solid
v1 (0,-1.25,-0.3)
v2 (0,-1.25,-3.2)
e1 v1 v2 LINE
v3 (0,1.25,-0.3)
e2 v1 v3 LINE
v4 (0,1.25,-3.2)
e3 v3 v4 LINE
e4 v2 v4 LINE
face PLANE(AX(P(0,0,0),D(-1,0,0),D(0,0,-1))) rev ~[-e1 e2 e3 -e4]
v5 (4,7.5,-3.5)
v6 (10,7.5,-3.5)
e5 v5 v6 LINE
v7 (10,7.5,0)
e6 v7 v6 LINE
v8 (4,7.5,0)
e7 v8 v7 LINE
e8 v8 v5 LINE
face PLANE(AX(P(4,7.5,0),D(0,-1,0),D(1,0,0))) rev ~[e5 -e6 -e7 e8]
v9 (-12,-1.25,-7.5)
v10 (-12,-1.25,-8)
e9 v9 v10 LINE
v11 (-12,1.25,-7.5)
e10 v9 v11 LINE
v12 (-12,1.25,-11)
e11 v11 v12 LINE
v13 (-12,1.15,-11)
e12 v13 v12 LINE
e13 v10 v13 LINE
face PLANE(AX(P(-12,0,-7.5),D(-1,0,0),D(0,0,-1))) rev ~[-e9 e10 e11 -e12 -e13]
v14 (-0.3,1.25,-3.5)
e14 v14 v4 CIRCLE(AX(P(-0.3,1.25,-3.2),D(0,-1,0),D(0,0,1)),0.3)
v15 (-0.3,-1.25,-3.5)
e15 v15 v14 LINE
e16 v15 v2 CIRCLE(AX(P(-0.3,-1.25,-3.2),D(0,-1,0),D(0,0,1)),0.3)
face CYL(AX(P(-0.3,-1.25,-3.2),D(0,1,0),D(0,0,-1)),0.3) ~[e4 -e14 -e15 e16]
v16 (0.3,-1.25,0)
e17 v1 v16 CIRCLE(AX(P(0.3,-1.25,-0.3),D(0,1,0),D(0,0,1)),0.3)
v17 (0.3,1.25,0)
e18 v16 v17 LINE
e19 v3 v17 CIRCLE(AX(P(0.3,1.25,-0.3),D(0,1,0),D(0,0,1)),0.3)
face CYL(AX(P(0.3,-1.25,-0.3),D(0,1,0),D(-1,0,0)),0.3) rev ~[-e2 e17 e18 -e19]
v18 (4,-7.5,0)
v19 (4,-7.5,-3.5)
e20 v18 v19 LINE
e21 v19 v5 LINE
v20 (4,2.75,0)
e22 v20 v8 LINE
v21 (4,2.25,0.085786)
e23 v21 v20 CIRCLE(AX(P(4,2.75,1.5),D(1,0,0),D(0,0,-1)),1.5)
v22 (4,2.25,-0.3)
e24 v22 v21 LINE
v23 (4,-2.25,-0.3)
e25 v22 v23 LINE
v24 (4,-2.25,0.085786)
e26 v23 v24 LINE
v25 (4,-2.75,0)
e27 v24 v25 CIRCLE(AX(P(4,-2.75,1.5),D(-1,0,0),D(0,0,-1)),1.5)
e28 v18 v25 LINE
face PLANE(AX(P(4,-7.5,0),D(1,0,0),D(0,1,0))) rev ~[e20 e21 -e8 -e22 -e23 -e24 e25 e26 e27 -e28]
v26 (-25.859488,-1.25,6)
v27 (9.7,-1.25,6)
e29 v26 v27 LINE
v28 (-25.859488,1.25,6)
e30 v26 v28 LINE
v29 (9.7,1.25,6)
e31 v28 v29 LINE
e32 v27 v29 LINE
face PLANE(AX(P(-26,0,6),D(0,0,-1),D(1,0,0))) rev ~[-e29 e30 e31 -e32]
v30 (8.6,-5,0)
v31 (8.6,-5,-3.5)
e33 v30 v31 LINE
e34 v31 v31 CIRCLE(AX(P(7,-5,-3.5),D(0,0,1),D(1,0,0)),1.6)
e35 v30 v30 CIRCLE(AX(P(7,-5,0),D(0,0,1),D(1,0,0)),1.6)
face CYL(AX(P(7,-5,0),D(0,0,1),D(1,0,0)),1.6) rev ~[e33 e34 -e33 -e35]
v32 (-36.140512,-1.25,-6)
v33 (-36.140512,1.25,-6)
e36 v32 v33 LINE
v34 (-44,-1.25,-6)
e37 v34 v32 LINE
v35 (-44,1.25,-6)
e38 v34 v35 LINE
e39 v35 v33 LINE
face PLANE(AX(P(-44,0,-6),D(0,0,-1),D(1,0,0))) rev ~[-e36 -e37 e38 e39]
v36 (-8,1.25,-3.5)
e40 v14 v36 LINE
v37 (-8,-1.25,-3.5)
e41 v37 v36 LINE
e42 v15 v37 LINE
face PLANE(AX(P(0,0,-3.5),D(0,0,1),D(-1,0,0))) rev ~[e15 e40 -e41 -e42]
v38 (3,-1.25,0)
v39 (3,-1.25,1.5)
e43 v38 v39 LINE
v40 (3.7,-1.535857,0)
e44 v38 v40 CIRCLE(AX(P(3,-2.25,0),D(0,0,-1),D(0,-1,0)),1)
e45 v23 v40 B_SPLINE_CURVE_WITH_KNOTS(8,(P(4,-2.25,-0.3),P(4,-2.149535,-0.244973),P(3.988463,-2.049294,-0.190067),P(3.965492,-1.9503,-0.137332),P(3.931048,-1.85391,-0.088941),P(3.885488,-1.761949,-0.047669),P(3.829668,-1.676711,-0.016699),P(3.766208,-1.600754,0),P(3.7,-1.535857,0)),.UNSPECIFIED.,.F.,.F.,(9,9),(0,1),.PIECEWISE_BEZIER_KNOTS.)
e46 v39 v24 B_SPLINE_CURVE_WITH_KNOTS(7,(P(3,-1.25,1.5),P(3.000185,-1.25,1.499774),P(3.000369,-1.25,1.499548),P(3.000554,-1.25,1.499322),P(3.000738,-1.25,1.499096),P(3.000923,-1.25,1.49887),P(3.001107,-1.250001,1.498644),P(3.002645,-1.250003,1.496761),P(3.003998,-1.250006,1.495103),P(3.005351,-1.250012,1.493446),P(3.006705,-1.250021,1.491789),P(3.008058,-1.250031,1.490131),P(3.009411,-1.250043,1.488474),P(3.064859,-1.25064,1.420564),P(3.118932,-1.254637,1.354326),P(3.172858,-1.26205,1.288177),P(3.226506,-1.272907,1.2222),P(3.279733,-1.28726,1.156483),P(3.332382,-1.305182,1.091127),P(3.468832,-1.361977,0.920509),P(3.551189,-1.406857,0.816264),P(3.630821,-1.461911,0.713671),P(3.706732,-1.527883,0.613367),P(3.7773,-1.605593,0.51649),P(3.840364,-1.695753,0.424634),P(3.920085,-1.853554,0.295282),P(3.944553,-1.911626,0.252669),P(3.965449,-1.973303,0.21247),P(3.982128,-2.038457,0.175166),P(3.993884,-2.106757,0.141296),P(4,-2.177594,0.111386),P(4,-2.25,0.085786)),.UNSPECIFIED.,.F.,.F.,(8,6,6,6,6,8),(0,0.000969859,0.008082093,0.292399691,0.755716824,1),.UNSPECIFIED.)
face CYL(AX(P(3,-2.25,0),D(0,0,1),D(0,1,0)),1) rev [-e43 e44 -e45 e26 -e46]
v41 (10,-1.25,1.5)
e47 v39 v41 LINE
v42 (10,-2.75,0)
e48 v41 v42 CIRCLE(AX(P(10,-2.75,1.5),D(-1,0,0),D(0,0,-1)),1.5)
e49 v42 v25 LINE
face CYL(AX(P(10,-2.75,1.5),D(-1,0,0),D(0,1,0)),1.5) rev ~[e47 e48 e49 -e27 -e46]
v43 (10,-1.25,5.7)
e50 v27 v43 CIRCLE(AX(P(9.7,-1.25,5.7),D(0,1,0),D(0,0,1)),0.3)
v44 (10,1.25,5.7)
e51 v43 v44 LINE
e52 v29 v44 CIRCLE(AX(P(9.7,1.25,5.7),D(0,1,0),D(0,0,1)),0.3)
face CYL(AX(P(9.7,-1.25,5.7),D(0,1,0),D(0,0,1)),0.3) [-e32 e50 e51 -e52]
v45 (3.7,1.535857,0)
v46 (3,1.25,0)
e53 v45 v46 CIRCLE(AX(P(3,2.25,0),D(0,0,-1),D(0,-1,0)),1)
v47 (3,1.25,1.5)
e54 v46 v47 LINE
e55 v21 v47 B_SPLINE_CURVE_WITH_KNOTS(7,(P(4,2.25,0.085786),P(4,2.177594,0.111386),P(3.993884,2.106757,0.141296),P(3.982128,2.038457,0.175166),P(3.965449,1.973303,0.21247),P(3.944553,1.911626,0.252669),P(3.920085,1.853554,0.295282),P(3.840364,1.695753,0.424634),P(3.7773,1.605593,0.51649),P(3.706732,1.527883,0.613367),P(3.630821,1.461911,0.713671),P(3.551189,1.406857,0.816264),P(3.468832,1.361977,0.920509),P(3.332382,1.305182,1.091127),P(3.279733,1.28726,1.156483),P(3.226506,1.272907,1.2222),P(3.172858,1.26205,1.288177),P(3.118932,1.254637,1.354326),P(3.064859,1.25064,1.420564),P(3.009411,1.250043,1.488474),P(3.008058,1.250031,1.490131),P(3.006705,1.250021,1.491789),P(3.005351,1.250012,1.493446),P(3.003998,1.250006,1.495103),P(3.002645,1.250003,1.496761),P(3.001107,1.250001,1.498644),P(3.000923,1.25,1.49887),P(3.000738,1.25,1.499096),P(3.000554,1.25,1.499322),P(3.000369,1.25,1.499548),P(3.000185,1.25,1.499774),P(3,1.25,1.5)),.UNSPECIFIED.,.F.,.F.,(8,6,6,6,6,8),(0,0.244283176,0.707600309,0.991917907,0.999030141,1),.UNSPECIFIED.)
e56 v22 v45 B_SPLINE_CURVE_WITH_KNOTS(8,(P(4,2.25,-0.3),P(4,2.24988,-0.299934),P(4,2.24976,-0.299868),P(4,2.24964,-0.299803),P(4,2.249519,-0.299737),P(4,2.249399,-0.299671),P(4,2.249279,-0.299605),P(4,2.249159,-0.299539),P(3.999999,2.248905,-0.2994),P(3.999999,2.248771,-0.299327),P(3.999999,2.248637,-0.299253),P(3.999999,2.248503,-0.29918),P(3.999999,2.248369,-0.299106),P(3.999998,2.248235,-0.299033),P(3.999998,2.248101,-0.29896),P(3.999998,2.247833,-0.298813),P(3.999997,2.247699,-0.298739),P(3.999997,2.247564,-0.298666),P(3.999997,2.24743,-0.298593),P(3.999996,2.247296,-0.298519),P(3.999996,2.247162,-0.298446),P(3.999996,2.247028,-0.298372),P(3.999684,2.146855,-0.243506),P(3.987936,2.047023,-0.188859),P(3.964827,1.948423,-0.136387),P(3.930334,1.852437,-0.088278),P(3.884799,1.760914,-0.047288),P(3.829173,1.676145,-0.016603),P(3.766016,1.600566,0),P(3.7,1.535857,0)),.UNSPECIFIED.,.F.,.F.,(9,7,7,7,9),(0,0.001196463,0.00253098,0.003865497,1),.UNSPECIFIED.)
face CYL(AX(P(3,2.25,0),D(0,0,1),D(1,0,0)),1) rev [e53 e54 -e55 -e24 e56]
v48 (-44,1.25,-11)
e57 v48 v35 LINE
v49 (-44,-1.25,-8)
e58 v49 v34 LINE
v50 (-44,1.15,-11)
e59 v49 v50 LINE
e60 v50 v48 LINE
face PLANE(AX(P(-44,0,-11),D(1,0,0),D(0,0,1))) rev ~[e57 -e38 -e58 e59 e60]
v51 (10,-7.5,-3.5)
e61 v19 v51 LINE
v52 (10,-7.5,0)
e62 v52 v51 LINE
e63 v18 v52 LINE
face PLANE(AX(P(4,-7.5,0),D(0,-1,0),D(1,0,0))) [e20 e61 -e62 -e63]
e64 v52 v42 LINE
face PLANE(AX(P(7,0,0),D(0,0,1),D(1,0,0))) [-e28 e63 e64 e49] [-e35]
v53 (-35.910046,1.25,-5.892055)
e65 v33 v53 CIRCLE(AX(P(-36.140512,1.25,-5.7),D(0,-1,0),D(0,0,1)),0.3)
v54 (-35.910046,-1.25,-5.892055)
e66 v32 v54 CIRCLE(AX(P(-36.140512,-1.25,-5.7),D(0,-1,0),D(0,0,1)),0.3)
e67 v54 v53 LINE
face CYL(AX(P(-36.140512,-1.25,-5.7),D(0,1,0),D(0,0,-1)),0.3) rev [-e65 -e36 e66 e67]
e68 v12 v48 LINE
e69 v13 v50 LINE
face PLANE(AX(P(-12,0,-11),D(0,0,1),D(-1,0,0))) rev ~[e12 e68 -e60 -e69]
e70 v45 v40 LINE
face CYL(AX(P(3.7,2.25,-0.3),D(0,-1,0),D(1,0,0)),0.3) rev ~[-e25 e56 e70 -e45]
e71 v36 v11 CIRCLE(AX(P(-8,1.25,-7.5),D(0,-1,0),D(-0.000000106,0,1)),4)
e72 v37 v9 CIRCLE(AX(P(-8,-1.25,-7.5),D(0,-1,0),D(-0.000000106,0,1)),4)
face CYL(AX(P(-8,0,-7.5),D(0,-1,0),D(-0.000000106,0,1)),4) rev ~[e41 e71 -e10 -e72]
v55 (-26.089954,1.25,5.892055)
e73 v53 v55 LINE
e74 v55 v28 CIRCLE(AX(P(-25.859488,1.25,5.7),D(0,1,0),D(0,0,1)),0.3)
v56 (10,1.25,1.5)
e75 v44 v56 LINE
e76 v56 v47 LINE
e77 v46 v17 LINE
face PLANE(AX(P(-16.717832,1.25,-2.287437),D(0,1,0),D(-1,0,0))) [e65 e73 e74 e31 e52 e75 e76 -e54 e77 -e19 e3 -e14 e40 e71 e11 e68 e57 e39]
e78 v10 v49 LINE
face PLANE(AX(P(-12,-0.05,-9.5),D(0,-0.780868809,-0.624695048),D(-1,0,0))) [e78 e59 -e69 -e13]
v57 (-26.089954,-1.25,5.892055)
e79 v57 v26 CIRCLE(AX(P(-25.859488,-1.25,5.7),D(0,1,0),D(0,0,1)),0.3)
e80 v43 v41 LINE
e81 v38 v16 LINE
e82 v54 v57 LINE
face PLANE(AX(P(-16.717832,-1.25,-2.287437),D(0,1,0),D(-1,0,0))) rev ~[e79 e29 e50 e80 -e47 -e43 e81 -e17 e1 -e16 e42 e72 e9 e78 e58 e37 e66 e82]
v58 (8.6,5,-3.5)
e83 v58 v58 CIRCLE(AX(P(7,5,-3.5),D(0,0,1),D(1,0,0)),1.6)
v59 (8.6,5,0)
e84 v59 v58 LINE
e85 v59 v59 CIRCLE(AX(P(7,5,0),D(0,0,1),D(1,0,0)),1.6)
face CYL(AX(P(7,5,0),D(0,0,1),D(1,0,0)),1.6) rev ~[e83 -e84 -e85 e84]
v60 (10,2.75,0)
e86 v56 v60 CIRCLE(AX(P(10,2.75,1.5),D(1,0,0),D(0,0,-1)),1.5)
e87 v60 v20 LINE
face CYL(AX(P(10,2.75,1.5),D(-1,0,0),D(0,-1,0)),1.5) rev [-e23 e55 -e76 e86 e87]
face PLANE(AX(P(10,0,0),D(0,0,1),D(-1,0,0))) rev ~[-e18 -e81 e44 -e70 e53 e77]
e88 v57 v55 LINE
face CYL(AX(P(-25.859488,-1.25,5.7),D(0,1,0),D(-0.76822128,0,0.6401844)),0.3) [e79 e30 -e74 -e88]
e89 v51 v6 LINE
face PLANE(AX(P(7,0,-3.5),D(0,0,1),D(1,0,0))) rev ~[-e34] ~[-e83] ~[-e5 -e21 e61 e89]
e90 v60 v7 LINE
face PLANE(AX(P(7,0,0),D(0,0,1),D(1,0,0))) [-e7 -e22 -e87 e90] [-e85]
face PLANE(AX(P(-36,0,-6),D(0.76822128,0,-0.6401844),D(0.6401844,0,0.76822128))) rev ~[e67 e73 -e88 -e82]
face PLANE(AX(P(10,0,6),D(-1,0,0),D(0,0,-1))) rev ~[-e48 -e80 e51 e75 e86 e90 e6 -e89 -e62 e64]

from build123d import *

# Parameters (mm, degrees)
SKETCH_W          = 6
SKETCH_H          = 15
SKETCH_R          = 1.6
PAD_DEPTH         = 3.5
PAD001_DEPTH      = 1.25
PAD001_DEPTH_BACK = 1.25
CHAMFER_SIZE2     = 2.4
CHAMFER_SIZE      = 3
FILLET_R          = 0.3
FILLET001_R       = 1.5
FILLET002_R       = 1
FILLET003_R       = 0.3


with BuildPart() as part:
    # Sketch (on XY_Plane of Origin) → Pad (new body)
    with BuildSketch(Plane.XY):
        with Locations((7, 0)):
            Rectangle(SKETCH_W, SKETCH_H)
        with Locations((7, 5)):
            Circle(SKETCH_R, mode=Mode.SUBTRACT)
        with Locations((7, -5)):
            Circle(SKETCH_R, mode=Mode.SUBTRACT)
    extrude(amount=-PAD_DEPTH)

    # Sketch003 → Pad001 (join, two sides)
    with BuildSketch(Plane.XZ) as pad001_sk:
        with BuildLine():
            Line((10, 0), (0, 0))
            Line((0, 0), (0, -3.5))
            Line((0, -3.5), (-8, -3.5))
            ThreePointArc((-8, -3.5), (-10.828427, -4.671573), (-12, -7.5))
            Line((-12, -7.5), (-12, -11))
            Line((-12, -11), (-44, -11))
            Line((-44, -11), (-44, -6))
            Line((-44, -6), (-36, -6))
            Line((-36, -6), (-26, 6))
            Line((-26, 6), (10, 6))
            Line((10, 6), (10, 0))
        make_face()
    extrude(amount=PAD001_DEPTH)
    extrude(pad001_sk.sketch, amount=-PAD001_DEPTH_BACK)

    # Chamfer
    chamfer_edges = [part.edges().sort_by_distance(p)[0] for p in [
        (-28, -1.25, -11),
    ]]
    chamfer_side = part.faces().sort_by_distance((-17.427573, -1.25, -2.073781))[0]
    chamfer(chamfer_edges, length=CHAMFER_SIZE, length2=CHAMFER_SIZE2, reference=chamfer_side)

    # Fillet
    fillet_edges = [part.edges().sort_by_distance(p)[0] for p in [
        (-36, 0, -6),
        (-26, 0, 6),
        (0, 0, -3.5),
        (10, 0, 6),
        (0, 0, 0),
    ]]
    fillet(fillet_edges, radius=FILLET_R)

    # Fillet001
    fillet001_edges = [part.edges().sort_by_distance(p)[0] for p in [
        (7, 1.25, 0),
        (7, -1.25, 0),
    ]]
    fillet(fillet001_edges, radius=FILLET001_R)

    # Fillet002
    fillet002_edges = [part.edges().sort_by_distance(p)[0] for p in [
        (4, 1.25, 0.75),
        (4, -1.25, 0.75),
    ]]
    fillet(fillet002_edges, radius=FILLET002_R)

    # Fillet003
    fillet003_edges = [part.edges().sort_by_distance(p)[0] for p in [
        (4, 0, 0),
    ]]
    fillet(fillet003_edges, radius=FILLET003_R)


solid = part.part
